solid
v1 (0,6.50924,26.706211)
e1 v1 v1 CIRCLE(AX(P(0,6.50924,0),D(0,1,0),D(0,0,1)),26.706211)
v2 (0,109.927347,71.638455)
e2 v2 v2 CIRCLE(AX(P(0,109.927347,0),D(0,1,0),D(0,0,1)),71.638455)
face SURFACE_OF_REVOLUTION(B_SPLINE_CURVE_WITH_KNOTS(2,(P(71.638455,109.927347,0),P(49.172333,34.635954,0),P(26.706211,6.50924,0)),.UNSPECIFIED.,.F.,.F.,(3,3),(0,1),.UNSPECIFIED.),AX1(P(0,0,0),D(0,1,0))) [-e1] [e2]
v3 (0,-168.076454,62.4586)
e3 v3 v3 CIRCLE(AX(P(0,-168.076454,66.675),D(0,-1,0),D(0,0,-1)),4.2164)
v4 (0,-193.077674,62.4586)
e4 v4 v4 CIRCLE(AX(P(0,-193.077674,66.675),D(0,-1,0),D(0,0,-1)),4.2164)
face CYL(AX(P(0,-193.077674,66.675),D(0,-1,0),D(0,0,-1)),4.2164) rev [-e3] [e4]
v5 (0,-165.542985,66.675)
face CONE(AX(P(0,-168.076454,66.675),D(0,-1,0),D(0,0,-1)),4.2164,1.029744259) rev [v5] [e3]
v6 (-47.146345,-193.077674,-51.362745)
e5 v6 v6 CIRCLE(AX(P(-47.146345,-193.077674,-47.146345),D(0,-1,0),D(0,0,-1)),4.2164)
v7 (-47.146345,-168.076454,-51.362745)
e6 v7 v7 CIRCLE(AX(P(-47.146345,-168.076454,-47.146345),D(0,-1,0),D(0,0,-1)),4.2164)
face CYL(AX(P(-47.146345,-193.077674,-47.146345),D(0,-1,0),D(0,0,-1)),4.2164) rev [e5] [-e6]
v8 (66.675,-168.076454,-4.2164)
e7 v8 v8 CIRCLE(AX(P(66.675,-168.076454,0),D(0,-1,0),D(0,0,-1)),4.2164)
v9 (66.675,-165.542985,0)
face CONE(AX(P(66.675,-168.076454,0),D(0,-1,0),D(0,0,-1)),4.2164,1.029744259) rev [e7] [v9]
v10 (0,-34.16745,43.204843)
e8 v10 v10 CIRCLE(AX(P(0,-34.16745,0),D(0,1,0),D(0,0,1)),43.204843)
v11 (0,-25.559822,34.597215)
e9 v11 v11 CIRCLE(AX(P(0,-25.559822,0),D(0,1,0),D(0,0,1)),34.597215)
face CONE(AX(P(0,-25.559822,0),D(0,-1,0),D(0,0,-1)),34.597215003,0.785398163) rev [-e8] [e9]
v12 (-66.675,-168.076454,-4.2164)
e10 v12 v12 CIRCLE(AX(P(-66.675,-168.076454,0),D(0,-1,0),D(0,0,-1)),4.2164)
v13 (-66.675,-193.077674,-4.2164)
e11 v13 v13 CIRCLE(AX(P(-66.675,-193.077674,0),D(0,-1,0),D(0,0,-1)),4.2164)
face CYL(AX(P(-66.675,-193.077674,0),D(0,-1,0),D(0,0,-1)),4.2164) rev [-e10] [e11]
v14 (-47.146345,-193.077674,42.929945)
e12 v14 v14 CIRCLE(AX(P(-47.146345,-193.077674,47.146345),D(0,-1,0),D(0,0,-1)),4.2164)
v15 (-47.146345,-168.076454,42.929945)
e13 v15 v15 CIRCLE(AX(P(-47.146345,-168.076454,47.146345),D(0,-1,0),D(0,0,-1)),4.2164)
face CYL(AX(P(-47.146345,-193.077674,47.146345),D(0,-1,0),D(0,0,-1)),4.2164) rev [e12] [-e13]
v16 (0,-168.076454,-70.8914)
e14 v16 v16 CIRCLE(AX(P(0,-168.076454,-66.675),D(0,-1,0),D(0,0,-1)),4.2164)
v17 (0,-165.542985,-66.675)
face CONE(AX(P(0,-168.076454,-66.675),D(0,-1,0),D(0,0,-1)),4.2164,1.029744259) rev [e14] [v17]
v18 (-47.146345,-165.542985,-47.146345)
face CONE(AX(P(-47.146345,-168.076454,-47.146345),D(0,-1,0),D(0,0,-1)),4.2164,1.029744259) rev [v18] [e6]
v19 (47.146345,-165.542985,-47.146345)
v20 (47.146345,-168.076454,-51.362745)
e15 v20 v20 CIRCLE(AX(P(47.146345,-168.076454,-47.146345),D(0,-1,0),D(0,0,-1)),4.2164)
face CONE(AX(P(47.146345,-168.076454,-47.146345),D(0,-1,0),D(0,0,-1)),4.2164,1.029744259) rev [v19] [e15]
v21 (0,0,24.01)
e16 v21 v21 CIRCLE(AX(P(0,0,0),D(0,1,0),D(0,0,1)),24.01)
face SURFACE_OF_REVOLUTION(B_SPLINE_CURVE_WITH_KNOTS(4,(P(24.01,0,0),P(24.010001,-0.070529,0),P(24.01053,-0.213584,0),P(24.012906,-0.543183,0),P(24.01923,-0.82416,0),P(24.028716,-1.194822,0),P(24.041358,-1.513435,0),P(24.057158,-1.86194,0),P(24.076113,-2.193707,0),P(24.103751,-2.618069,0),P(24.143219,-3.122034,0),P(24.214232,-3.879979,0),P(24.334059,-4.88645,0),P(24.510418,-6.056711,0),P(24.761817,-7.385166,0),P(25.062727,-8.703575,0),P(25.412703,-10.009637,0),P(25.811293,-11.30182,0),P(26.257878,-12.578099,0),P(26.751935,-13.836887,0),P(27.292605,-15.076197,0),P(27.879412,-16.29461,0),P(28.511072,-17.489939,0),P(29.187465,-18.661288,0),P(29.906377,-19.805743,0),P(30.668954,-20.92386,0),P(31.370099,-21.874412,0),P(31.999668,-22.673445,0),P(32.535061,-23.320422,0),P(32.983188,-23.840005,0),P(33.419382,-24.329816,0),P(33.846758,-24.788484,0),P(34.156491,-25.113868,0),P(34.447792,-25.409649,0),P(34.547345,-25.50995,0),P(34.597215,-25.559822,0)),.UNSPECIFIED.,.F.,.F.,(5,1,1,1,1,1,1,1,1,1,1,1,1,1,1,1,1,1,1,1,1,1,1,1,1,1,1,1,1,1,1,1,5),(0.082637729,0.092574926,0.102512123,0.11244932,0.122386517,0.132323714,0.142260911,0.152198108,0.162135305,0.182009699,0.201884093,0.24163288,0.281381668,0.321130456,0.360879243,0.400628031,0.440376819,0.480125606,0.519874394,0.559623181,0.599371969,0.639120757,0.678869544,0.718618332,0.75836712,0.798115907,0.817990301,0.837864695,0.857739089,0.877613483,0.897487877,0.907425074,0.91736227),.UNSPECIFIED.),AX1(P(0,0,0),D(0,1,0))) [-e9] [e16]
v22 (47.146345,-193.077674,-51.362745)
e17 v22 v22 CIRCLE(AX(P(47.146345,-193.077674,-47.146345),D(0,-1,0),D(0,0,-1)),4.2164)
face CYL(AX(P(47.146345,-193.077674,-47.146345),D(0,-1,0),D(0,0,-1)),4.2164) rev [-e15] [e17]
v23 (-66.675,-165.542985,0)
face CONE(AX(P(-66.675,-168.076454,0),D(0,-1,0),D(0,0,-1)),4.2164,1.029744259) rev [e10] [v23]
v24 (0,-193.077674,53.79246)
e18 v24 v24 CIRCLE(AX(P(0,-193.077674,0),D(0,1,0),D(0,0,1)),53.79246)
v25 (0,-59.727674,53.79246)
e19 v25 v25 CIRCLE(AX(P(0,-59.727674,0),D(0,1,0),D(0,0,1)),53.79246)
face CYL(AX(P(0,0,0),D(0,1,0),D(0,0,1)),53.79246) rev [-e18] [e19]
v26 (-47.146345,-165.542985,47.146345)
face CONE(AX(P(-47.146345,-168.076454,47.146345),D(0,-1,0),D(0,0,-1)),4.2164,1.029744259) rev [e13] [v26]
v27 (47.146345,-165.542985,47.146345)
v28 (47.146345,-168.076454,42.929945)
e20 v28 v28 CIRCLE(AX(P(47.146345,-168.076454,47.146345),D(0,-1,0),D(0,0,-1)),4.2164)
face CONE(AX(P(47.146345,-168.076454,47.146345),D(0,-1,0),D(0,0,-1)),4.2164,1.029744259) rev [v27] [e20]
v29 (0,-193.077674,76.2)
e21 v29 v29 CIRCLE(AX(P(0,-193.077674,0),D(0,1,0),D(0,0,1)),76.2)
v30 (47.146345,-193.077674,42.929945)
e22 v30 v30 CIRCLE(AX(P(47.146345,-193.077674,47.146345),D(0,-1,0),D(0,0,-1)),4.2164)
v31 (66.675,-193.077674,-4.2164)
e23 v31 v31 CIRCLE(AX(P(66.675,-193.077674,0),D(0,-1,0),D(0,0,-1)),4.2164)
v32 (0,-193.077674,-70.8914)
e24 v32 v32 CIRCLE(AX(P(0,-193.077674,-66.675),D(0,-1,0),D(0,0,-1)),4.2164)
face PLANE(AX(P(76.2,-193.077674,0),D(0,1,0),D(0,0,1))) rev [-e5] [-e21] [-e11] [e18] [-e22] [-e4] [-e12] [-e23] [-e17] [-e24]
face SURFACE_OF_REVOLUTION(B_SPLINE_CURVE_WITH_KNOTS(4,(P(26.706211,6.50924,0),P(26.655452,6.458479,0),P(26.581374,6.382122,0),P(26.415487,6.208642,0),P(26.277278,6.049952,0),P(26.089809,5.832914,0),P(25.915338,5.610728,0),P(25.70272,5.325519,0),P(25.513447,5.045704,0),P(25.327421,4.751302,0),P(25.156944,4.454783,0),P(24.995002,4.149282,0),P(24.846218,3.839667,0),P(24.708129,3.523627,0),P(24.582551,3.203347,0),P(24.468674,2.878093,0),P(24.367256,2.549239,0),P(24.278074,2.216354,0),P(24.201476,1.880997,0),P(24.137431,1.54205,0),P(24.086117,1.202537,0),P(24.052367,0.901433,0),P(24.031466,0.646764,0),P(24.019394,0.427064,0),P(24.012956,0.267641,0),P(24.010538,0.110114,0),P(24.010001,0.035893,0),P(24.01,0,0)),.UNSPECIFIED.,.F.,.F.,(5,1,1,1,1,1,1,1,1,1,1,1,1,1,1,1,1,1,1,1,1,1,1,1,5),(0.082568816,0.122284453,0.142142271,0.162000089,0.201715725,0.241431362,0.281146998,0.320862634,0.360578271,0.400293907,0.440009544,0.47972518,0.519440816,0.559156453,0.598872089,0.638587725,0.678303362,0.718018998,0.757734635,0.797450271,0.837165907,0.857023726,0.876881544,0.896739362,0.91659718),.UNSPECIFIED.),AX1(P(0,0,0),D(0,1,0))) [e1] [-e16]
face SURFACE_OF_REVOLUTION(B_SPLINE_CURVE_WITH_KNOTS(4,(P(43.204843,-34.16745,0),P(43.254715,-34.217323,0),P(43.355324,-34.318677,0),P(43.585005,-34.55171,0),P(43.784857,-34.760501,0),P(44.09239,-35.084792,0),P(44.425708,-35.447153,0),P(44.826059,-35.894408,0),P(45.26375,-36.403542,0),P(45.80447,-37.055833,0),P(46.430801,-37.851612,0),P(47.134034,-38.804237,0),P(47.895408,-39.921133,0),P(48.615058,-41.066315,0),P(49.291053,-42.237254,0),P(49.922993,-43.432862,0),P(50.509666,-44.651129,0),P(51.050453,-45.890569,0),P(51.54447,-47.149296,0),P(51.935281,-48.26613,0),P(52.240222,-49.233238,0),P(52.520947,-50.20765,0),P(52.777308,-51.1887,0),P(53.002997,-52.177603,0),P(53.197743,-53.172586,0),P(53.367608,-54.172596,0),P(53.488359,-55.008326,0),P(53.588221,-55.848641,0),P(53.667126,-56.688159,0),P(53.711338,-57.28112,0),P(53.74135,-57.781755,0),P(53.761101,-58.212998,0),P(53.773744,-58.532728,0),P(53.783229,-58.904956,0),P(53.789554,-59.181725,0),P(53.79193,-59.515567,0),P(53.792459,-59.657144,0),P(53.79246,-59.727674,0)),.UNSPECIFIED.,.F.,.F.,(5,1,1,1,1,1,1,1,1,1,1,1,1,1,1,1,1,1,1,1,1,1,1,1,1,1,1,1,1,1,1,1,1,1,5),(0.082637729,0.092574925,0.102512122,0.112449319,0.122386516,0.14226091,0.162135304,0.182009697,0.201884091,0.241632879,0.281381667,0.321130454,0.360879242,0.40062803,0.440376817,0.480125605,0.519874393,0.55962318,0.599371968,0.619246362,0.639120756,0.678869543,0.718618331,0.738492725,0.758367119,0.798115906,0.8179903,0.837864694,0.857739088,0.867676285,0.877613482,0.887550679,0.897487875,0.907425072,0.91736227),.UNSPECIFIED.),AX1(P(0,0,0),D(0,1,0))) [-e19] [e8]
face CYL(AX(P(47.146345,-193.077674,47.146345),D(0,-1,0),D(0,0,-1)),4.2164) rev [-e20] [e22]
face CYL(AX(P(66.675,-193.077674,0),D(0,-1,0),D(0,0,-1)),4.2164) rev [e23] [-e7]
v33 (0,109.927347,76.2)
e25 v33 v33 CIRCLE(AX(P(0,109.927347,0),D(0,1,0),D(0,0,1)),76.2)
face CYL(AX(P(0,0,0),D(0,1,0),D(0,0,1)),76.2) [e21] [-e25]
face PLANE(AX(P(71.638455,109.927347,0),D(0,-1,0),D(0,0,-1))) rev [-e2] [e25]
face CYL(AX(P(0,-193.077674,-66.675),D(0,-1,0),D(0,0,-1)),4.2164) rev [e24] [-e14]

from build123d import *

# Parameters (mm, degrees)
SHORTEN_CHAMBER_75IN_BY = 19.05
CIRPATTERN1_COUNT       = 8


with BuildPart() as part:
    # Sketch1 → Revolve2 (revolve)
    with BuildSketch(Plane.XY, mode=Mode.PRIVATE) as revolve2_sk:
        with BuildLine():
            Line((71.638455479, 109.927347077), (76.2, 109.927347077))
            Line((76.2, 109.927347077), (76.2, -212.127673725))
            Line((76.2, -212.127673725), (53.792460196, -212.127673725))
            Line((53.792460196, -212.127673725), (53.792460196, -59.727673725))
            add(Edge.make_bspline(
                [(53.792460196, -59.727673725), (53.792458964, -59.657143655), (53.791929819, -59.515566601), (53.789553965, -59.181725115), (53.783229362, -58.904955991), (53.77374387, -58.532727986), (53.761100968, -58.21299812), (53.741350135, -57.781754942), (53.711337787, -57.281120398), (53.667125616, -56.688158665), (53.588220936, -55.848640867), (53.488359334, -55.008326363), (53.367608248, -54.172595934), (53.197743271, -53.172585746), (53.002996623, -52.17760333), (52.777307543, -51.188699595), (52.520946634, -50.207649553), (52.240221737, -49.233238259), (51.935281123, -48.266129746), (51.5444702, -47.149295595), (51.050452714, -45.89056894), (50.509666089, -44.651129345), (49.922993248, -43.432862075), (49.291052535, -42.237253796), (48.615057518, -41.066315445), (47.895407794, -39.921133233), (47.134034398, -38.804236825), (46.430801308, -37.85161238), (45.804470174, -37.055832726), (45.263749909, -36.403541893), (44.82605917, -35.894408249), (44.425708405, -35.447153279), (44.092389714, -35.084791811), (43.784856831, -34.760500781), (43.58500461, -34.551710083), (43.355324273, -34.318676923), (43.254715351, -34.217322692), (43.204843203, -34.167450306)],
                knots=[0.082637729, 0.082637729, 0.082637729, 0.082637729, 0.082637729, 0.092574926, 0.102512123, 0.11244932, 0.122386517, 0.132323714, 0.142260911, 0.162135305, 0.182009699, 0.201884093, 0.24163288, 0.261507274, 0.281381668, 0.321130456, 0.360879243, 0.380753637, 0.400628031, 0.440376819, 0.480125606, 0.519874394, 0.559623181, 0.599371969, 0.639120757, 0.678869544, 0.718618332, 0.75836712, 0.798115907, 0.817990301, 0.837864695, 0.857739089, 0.877613483, 0.88755068, 0.897487877, 0.907425074, 0.91736227, 0.91736227, 0.91736227, 0.91736227, 0.91736227], degree=4))
            Line((43.204843203, -34.167450306), (34.597215006, -25.55982211))
            add(Edge.make_bspline(
                [(24.01, 0), (24.010001231, -0.070528647), (24.010530378, -0.21358419), (24.012906064, -0.543182916), (24.019230459, -0.824160397), (24.028715581, -1.194822072), (24.041357875, -1.513435058), (24.0571581, -1.861939603), (24.076113359, -2.193706872), (24.103750974, -2.6180694), (24.143219182, -3.122033947), (24.214231845, -3.879978675), (24.334058818, -4.886450388), (24.510418188, -6.05671076), (24.761817381, -7.385166414), (25.062727465, -8.703574514), (25.412702779, -10.009637208), (25.811293143, -11.301819595), (26.257877555, -12.578099333), (26.75193549, -13.836887482), (27.292605293, -15.076197126), (27.879411561, -16.294609791), (28.511071576, -17.489938791), (29.187464578, -18.661287753), (29.906377287, -19.805743392), (30.668954188, -20.92386007), (31.370099384, -21.874411755), (31.999668317, -22.673445475), (32.535060612, -23.320422132), (32.983187966, -23.84000501), (33.419382225, -24.32981624), (33.846758322, -24.788484383), (34.156490841, -25.113868303), (34.44779216, -25.409649039), (34.547344628, -25.509949925), (34.597215006, -25.55982211)],
                knots=[0.082637729, 0.082637729, 0.082637729, 0.082637729, 0.082637729, 0.092574926, 0.102512123, 0.11244932, 0.122386517, 0.132323714, 0.142260911, 0.152198108, 0.162135305, 0.182009699, 0.201884093, 0.24163288, 0.281381668, 0.321130456, 0.360879243, 0.400628031, 0.440376819, 0.480125606, 0.519874394, 0.559623181, 0.599371969, 0.639120757, 0.678869544, 0.718618332, 0.75836712, 0.798115907, 0.817990301, 0.837864695, 0.857739089, 0.877613483, 0.897487877, 0.907425074, 0.91736227, 0.91736227, 0.91736227, 0.91736227, 0.91736227], degree=4))
            add(Edge.make_bspline(
                [(24.01, 0), (24.010000626, 0.035892652), (24.010538457, 0.11011369), (24.012955849, 0.267641069), (24.019393694, 0.427064117), (24.031465725, 0.646764266), (24.052367213, 0.901433328), (24.086116845, 1.202537273), (24.137431431, 1.542050498), (24.201475827, 1.880996777), (24.278073727, 2.21635442), (24.367255697, 2.549239421), (24.468673539, 2.878092645), (24.582551197, 3.203347041), (24.708128897, 3.523627157), (24.846218103, 3.839666733), (24.995002427, 4.149282184), (25.156944348, 4.454783123), (25.327420631, 4.751301575), (25.513446847, 5.045703861), (25.702720396, 5.325518936), (25.9153376, 5.610727543), (26.0898085, 5.832913647), (26.277277882, 6.049951637), (26.415487374, 6.208641646), (26.581374196, 6.382121779), (26.655452387, 6.458478841), (26.706211329, 6.50923965)],
                knots=[0.082568816, 0.082568816, 0.082568816, 0.082568816, 0.082568816, 0.102426634, 0.122284453, 0.142142271, 0.162000089, 0.201715725, 0.241431362, 0.281146998, 0.320862634, 0.360578271, 0.400293907, 0.440009544, 0.47972518, 0.519440816, 0.559156453, 0.598872089, 0.638587725, 0.678303362, 0.718018998, 0.757734635, 0.797450271, 0.837165907, 0.857023726, 0.876881544, 0.91659718, 0.91659718, 0.91659718, 0.91659718, 0.91659718], degree=4))
            add(Edge.make_bspline(
                [(26.706211329, 6.50923965), (49.172333461, 34.635954224), (71.638455479, 109.927347077)],
                knots=[0, 0, 0, 1, 1, 1], degree=2))
        make_face()
    revolve(revolve2_sk.sketch.rotate(Axis((0, 0, 0), (0, -1, 0)), 90), axis=Axis((0, 0, 0), (0, -1, 0)))

    # shorten_chamber_.75in: a face moved inward by 19.05
    extrude(part.faces().sort_by_distance((60.96, -212.127673725, 0))[0], amount=SHORTEN_CHAMBER_75IN_BY, dir=(0, 1, 0), mode=Mode.SUBTRACT)

    # Sketch4 → 3/8-24 Tapped Hole1 (revolve, cut)
    with BuildSketch(Plane(origin=(66.675, -193.077673725, 0), x_dir=(0, 0, -1), z_dir=(1, 0, 0))):
        Polygon((0, 0), (0, 27.534688714), (4.2164, 25.00122), (4.2164, 0), align=None)
    f_3_8_24_tapped_hole1 = revolve(axis=Axis((66.675, -199.427673725, 0), (0, 1, 0)), mode=Mode.SUBTRACT)

    # CirPattern1: 3/8-24 Tapped Hole1 ×8 about axis
    cirpattern1_axis = Axis((0, 0, 0), (0, 1, 0))
    for i in range(1, CIRPATTERN1_COUNT):
        add(f_3_8_24_tapped_hole1.rotate(cirpattern1_axis, i * 360 / CIRPATTERN1_COUNT), mode=Mode.SUBTRACT)


solid = part.part
